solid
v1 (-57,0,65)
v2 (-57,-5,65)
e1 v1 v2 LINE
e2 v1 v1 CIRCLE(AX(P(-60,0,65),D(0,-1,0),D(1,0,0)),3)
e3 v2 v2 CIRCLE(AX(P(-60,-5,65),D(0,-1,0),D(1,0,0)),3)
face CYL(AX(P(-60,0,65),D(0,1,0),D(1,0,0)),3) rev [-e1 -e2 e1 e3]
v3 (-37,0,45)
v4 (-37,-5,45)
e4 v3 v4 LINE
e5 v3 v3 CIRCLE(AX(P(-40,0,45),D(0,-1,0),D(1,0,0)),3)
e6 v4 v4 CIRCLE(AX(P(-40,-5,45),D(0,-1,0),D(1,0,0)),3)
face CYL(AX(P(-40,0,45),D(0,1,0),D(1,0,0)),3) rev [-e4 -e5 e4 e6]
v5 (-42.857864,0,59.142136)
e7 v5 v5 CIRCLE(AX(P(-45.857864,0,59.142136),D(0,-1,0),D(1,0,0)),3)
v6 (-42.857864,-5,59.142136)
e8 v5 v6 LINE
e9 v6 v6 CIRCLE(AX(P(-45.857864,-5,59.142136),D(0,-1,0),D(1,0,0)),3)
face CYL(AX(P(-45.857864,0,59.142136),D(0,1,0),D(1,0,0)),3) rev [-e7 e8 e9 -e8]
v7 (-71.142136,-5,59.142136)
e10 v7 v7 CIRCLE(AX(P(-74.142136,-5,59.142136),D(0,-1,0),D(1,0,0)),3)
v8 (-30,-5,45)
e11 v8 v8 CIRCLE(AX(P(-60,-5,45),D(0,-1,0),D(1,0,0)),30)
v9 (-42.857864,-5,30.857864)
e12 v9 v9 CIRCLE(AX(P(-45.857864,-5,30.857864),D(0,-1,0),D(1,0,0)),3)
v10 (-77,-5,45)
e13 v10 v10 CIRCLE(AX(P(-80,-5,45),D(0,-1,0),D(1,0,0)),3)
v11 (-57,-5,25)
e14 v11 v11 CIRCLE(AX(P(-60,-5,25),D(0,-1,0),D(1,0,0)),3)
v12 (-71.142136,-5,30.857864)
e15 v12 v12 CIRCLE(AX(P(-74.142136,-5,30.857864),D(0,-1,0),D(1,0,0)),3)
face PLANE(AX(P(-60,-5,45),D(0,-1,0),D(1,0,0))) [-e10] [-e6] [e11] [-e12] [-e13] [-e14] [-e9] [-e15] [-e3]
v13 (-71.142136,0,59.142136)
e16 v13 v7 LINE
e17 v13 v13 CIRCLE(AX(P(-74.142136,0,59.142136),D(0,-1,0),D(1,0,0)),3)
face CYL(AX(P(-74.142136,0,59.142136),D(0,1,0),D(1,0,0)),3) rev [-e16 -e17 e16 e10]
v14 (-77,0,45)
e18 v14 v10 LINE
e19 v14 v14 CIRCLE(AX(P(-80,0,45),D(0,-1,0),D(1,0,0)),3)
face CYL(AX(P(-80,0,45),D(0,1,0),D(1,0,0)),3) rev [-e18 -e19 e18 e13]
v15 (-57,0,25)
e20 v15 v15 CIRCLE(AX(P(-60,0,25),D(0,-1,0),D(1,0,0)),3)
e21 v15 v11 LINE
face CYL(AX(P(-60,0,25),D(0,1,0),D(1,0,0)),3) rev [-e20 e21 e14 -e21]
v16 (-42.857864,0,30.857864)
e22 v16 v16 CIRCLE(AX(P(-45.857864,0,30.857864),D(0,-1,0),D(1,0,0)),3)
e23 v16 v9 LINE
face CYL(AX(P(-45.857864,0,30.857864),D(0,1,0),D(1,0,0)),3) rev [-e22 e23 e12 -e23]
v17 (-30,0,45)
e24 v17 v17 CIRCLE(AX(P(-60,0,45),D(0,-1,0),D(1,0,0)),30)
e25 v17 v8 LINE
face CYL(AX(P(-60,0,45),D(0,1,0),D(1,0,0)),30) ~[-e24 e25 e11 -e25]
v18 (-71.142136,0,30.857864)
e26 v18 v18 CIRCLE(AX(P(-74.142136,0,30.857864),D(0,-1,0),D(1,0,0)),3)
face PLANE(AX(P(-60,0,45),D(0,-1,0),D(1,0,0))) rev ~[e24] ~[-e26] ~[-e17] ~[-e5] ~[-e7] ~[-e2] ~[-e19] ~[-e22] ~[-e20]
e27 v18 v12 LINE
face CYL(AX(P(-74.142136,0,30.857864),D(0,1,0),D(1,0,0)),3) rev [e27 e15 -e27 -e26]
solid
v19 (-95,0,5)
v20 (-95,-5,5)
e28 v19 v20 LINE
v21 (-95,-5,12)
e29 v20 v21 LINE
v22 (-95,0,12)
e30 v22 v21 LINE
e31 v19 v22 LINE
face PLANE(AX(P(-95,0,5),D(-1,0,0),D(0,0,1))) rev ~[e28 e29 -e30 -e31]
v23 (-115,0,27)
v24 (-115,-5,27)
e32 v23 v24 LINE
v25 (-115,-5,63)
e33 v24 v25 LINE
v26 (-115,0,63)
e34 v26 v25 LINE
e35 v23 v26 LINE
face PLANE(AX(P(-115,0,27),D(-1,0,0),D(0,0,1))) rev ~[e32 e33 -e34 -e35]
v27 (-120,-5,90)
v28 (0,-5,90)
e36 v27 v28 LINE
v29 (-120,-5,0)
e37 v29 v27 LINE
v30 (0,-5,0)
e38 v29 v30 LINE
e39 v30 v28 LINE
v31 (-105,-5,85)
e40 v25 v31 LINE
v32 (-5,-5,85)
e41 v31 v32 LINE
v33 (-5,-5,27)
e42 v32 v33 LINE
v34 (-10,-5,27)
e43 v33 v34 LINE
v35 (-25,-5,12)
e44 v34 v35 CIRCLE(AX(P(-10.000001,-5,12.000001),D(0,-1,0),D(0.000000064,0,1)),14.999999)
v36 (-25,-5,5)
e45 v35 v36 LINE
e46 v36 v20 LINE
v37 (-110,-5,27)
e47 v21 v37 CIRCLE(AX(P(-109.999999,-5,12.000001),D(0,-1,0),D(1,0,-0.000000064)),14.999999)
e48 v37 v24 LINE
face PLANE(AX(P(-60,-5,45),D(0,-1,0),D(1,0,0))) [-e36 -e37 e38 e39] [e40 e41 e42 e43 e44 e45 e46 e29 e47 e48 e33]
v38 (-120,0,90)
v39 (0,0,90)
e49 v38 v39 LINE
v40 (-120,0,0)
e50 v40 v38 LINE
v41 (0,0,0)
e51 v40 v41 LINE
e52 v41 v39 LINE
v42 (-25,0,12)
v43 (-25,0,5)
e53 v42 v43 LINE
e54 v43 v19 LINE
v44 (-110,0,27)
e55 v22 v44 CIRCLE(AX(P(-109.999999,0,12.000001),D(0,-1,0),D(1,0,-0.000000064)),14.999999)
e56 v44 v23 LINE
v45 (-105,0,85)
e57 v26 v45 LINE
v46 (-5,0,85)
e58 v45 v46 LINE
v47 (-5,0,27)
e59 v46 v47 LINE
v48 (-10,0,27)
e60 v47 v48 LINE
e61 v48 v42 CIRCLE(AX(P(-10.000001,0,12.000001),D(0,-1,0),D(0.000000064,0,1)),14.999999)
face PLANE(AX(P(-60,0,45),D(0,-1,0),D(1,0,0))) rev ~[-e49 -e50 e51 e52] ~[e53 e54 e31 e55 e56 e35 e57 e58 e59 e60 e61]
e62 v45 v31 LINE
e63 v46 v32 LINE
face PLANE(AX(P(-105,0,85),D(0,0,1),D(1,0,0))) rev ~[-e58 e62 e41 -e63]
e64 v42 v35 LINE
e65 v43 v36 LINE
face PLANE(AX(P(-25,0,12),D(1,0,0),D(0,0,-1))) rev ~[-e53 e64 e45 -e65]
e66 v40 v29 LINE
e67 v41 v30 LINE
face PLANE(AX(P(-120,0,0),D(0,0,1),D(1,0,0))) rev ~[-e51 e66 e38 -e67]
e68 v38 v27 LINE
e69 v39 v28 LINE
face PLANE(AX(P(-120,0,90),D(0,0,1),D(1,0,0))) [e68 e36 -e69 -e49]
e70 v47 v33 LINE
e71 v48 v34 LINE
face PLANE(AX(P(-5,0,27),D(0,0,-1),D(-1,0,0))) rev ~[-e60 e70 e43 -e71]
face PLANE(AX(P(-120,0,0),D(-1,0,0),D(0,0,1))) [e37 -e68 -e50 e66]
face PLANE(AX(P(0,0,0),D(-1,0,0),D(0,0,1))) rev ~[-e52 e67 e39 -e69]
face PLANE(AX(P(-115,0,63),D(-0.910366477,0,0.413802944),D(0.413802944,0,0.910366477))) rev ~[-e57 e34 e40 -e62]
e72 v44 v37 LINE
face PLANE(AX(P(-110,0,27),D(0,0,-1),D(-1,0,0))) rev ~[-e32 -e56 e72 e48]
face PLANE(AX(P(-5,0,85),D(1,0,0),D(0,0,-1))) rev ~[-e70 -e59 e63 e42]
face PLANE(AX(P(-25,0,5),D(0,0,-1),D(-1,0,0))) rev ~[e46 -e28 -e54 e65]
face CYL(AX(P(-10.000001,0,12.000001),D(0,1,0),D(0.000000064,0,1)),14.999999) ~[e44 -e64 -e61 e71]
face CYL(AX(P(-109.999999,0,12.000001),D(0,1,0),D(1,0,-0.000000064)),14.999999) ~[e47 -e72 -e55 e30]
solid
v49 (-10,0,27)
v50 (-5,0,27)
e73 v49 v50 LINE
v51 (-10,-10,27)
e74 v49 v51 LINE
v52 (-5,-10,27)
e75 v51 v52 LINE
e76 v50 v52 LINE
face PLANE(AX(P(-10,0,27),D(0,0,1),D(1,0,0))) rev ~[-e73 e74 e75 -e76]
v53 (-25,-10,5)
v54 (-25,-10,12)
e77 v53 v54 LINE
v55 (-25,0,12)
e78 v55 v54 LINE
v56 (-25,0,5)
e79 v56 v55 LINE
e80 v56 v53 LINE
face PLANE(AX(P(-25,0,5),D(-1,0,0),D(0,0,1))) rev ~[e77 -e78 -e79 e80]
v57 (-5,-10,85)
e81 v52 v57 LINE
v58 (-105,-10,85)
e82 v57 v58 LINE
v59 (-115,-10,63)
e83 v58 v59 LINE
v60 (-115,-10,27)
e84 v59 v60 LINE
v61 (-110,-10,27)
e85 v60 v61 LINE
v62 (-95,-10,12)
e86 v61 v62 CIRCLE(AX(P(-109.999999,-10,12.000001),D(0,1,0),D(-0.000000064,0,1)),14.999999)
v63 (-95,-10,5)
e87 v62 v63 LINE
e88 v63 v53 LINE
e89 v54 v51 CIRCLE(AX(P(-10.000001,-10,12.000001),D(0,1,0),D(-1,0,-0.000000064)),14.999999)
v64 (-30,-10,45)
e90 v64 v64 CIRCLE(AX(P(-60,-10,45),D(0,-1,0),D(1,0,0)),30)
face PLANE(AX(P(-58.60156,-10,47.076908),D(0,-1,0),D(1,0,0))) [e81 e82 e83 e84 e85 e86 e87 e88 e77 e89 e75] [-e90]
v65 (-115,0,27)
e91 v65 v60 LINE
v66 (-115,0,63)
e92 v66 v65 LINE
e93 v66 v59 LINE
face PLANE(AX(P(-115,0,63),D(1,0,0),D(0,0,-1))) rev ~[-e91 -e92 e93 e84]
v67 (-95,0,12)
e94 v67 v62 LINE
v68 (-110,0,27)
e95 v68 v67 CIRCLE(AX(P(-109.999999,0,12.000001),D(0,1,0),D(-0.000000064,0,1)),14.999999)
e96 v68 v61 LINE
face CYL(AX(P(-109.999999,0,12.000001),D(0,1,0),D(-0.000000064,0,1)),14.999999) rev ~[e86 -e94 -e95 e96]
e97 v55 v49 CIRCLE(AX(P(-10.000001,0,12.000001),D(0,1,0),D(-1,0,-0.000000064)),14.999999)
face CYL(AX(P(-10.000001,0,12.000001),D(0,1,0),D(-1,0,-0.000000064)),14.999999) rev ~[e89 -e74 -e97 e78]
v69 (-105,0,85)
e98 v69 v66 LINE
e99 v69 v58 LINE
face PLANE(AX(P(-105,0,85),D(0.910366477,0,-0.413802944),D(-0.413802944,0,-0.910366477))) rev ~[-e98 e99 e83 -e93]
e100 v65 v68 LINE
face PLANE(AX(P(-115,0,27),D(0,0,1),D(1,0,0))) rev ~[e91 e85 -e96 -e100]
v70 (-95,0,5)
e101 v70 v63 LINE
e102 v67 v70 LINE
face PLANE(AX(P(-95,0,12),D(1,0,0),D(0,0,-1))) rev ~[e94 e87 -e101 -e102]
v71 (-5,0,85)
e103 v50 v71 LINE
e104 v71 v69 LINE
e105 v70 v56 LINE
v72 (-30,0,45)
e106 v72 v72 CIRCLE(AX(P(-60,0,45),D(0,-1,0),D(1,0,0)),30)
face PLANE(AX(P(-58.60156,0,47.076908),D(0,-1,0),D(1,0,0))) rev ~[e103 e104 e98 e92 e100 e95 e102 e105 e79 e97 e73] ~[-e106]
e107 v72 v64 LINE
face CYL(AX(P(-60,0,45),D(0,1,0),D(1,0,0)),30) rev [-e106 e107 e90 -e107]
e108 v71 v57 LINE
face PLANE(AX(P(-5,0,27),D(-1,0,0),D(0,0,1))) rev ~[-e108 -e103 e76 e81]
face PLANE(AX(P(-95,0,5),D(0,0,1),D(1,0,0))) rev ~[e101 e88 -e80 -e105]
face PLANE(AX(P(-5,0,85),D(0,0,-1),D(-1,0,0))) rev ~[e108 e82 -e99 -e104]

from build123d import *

# Parameters (mm, degrees)
F0_W     = 120
F0_H     = 90
F0_R     = 30
F0_R_2   = 3
F1_DEPTH = 5
F2_DEPTH = 10


with BuildPart() as f1:
    # F0 (on Front) → F1 (new body)
    with BuildSketch(Plane.XZ):
        with Locations((-60, 45)):
            Rectangle(F0_W, F0_H)
        with BuildLine():
            Line((-110, 27), (-115, 27))
            Line((-115, 27), (-115, 63))
            Line((-115, 63), (-105, 85))
            Line((-105, 85), (-5, 85))
            Line((-5, 85), (-5, 27))
            Line((-5, 27), (-10, 27))
            ThreePointArc((-10, 27), (-20.606602, 22.606602), (-25, 12))
            Line((-25, 12), (-25, 5))
            Line((-25, 5), (-95, 5))
            Line((-95, 5), (-95, 12))
            ThreePointArc((-95, 12), (-99.393398, 22.606602), (-110, 27))
        make_face(mode=Mode.SUBTRACT)
        with Locations((-60, 45)):
            Circle(F0_R)
        with Locations((-74.142136, 30.857864)):
            Circle(F0_R_2, mode=Mode.SUBTRACT)
        with Locations((-60, 25)):
            Circle(F0_R_2, mode=Mode.SUBTRACT)
        with Locations((-45.857864, 30.857864)):
            Circle(F0_R_2, mode=Mode.SUBTRACT)
        with Locations((-80, 45)):
            Circle(F0_R_2, mode=Mode.SUBTRACT)
        with Locations((-74.142136, 59.142136)):
            Circle(F0_R_2, mode=Mode.SUBTRACT)
        with Locations((-40, 45)):
            Circle(F0_R_2, mode=Mode.SUBTRACT)
        with Locations((-45.857864, 59.142136)):
            Circle(F0_R_2, mode=Mode.SUBTRACT)
        with Locations((-60, 65)):
            Circle(F0_R_2, mode=Mode.SUBTRACT)
    extrude(amount=F1_DEPTH)


with BuildPart() as f2:
    # F0 (on Front) → F2 (new body)
    with BuildSketch(Plane.XZ):
        with BuildLine():
            Line((-115, 63), (-115, 27))
            Line((-115, 27), (-110, 27))
            ThreePointArc((-110, 27), (-99.393398, 22.606602), (-95, 12))
            Line((-95, 12), (-95, 5))
            Line((-95, 5), (-25, 5))
            Line((-25, 5), (-25, 12))
            ThreePointArc((-25, 12), (-20.606602, 22.606602), (-10, 27))
            Line((-10, 27), (-5, 27))
            Line((-5, 27), (-5, 85))
            Line((-5, 85), (-105, 85))
            Line((-105, 85), (-115, 63))
        make_face()
        with Locations((-60, 45)):
            Circle(F0_R, mode=Mode.SUBTRACT)
    extrude(amount=F2_DEPTH)


solid = Compound([f1.part, f2.part])
